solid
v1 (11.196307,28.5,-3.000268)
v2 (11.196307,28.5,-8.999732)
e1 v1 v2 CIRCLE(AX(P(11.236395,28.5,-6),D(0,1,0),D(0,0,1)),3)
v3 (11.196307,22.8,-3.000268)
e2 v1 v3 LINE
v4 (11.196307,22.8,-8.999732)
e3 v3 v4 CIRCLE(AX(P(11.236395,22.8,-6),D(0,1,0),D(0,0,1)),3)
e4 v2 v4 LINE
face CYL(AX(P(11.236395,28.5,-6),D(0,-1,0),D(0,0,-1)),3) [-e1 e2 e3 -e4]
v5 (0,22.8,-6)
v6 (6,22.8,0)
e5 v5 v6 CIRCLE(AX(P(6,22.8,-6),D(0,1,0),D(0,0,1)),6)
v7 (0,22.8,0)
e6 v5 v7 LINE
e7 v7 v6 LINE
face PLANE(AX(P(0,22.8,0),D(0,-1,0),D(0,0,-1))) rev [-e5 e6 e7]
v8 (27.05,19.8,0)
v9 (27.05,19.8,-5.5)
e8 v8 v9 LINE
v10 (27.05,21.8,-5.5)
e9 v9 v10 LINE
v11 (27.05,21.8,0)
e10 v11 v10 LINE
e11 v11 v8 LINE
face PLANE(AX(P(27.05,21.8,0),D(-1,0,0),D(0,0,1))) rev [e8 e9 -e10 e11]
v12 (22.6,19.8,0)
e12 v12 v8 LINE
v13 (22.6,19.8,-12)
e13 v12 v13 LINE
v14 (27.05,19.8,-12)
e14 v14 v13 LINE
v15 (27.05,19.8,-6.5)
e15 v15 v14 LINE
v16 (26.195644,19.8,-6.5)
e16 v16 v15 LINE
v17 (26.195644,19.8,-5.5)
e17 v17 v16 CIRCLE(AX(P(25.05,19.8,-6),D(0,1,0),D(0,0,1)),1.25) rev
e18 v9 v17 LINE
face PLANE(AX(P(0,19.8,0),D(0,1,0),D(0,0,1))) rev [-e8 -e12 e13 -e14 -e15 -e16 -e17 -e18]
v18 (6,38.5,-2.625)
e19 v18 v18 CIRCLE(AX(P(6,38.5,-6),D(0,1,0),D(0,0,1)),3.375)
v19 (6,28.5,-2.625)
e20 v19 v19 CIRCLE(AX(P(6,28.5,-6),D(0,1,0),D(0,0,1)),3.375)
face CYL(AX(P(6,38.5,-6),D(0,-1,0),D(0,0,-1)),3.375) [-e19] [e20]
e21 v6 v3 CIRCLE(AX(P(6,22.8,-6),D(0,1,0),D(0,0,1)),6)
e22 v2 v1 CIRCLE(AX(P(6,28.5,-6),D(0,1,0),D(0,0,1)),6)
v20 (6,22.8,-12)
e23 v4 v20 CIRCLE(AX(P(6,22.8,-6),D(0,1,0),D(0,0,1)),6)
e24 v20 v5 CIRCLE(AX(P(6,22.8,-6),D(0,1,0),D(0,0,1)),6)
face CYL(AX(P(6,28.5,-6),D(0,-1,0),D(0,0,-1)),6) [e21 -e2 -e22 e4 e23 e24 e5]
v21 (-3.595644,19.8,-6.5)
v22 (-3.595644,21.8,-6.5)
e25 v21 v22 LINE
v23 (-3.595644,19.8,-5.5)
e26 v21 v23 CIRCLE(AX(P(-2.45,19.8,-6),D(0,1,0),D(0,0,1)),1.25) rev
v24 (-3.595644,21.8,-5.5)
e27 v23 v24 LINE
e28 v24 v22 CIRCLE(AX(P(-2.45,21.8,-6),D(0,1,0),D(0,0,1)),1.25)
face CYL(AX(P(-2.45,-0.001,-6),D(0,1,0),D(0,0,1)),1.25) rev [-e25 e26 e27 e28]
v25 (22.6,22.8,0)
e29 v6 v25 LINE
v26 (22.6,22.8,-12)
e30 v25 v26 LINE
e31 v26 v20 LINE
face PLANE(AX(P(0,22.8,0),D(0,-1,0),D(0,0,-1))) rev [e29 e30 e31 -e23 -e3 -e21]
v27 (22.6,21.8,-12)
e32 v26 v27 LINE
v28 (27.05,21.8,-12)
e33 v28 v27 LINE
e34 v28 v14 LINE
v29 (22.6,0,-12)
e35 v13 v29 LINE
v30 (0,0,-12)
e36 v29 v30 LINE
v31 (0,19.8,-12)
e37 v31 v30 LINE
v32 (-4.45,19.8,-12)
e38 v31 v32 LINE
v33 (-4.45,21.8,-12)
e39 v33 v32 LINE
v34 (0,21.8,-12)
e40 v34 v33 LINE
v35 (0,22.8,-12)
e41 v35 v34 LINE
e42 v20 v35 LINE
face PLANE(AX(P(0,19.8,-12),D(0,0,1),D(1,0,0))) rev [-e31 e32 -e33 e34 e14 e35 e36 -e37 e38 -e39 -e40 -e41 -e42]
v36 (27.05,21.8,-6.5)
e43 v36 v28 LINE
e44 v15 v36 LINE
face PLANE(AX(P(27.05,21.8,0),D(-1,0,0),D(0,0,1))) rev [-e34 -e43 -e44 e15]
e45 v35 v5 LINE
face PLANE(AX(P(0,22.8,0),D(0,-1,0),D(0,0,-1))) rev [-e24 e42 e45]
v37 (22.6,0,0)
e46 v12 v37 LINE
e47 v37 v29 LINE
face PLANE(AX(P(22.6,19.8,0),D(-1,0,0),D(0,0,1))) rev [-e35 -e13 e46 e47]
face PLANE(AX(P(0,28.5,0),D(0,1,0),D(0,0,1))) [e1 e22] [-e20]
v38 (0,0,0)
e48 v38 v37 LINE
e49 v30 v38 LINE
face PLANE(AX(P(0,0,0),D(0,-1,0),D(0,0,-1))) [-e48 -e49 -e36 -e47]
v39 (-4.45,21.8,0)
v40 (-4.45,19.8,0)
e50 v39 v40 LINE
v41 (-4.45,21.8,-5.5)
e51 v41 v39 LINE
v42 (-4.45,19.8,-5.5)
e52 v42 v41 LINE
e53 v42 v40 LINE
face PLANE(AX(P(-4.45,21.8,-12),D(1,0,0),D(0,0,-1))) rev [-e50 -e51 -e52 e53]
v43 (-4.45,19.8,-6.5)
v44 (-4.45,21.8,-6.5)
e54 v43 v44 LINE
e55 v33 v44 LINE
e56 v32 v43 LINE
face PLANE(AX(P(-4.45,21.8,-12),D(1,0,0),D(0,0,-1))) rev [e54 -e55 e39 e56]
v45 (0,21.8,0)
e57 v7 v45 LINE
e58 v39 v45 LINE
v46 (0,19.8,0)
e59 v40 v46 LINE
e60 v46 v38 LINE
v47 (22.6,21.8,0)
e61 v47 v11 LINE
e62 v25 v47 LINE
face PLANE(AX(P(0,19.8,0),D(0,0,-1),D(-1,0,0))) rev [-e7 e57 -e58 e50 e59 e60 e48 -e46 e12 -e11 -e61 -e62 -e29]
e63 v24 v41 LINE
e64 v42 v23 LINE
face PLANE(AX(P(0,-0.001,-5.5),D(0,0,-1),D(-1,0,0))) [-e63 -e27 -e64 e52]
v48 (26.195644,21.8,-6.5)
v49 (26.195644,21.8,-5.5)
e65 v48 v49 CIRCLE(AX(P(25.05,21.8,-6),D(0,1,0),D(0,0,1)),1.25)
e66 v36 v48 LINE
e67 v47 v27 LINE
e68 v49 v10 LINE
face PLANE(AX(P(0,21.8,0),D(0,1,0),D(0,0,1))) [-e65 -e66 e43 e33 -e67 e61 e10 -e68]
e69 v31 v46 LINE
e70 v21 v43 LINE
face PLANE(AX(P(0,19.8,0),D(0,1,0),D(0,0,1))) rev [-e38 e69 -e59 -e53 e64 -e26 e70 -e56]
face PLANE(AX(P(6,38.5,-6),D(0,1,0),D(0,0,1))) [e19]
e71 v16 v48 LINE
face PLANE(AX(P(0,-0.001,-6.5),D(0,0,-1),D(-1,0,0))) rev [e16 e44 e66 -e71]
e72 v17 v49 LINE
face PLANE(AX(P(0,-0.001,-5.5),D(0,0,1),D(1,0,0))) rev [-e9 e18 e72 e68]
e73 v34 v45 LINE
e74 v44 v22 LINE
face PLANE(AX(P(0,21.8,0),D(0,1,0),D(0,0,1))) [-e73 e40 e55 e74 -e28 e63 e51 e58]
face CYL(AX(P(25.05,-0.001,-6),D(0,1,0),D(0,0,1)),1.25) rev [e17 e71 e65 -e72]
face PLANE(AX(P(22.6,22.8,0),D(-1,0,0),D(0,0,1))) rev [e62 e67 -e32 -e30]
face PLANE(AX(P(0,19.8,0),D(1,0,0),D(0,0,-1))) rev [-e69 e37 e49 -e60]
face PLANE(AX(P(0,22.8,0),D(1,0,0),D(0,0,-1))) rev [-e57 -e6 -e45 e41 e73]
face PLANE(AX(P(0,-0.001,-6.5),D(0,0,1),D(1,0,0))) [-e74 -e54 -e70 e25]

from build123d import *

# Parameters (mm, degrees)
SCHIZZO1_W                   = 22.6
SCHIZZO1_H                   = 12
ESTRUSIONE_ESTRUSIONE1_DEPTH = 19.8
SCHIZZO3_W                   = 31.5
SCHIZZO3_H                   = 12
ESTRUSIONE_ESTRUSIONE2_DEPTH = 2
SCHIZZO4_W                   = 22.6
SCHIZZO4_H                   = 12
ESTRUSIONE_ESTRUSIONE3_DEPTH = 1
SCHIZZO5_R                   = 3
SCHIZZO5_R_2                 = 6
ESTRUSIONE_ESTRUSIONE4_DEPTH = 5.7
SCHIZZO6_R                   = 3.375
ESTRUSIONE_ESTRUSIONE5_DEPTH = 10
TAGLIO_ESTRUSIONE2_REACH     = 38.755


with BuildPart() as part:
    # Schizzo1 → Estrusione-Estrusione1 (new body)
    with BuildSketch(Plane(origin=(0, 0, 0), x_dir=(1, 0, 0), z_dir=(0, 1, 0))):
        with Locations((11.3, 6)):
            Rectangle(SCHIZZO1_W, SCHIZZO1_H)
    extrude(amount=ESTRUSIONE_ESTRUSIONE1_DEPTH)

    # Schizzo3 → Estrusione-Estrusione2 (add)
    with BuildSketch(Plane(origin=(0, 19.8, 0), x_dir=(1, 0, 0), z_dir=(0, 1, 0))):
        with Locations((11.3, 6)):
            Rectangle(SCHIZZO3_W, SCHIZZO3_H)
    extrude(amount=ESTRUSIONE_ESTRUSIONE2_DEPTH)

    # Schizzo4 → Estrusione-Estrusione3 (add)
    with BuildSketch(Plane(origin=(0, 21.8, 0), x_dir=(1, 0, 0), z_dir=(0, 1, 0))):
        with Locations((11.3, 6)):
            Rectangle(SCHIZZO4_W, SCHIZZO4_H)
    extrude(amount=ESTRUSIONE_ESTRUSIONE3_DEPTH)

    # Schizzo5 → Estrusione-Estrusione4 (add)
    with BuildSketch(Plane(origin=(0, 22.8, 0), x_dir=(1, 0, 0), z_dir=(0, 1, 0))):
        with Locations((11.236395356, 6)):
            Circle(SCHIZZO5_R)
        with Locations((6, 6)):
            Circle(SCHIZZO5_R_2)
    extrude(amount=ESTRUSIONE_ESTRUSIONE4_DEPTH)

    # Schizzo6 → Estrusione-Estrusione5 (add)
    with BuildSketch(Plane(origin=(0, 28.5, 0), x_dir=(1, 0, 0), z_dir=(0, 1, 0))):
        with Locations(Location((6, 6, 0), (0, 0, 270))):
            Circle(SCHIZZO6_R)
    extrude(amount=ESTRUSIONE_ESTRUSIONE5_DEPTH)

    # Schizzo7 → Taglio-Estrusione2 (cut, up to next)
    with BuildSketch(Plane(origin=(0, 21.8, 0), x_dir=(1, 0, 0), z_dir=(0, 1, 0)), mode=Mode.PRIVATE) as taglio_estrusione2_sk1:
        with BuildLine():
            Line((-4.45, 5.5), (-3.595643924, 5.5))
            ThreePointArc((-3.595643924, 5.5), (-3.673632891, 5.744612945), (-3.7, 6))
            Line((-3.7, 6), (-4.45, 6))
            Line((-4.45, 6), (-4.45, 5.5))
        make_face()
    taglio_estrusione2_tool1 = extrude(taglio_estrusione2_sk1.sketch, amount=-TAGLIO_ESTRUSIONE2_REACH, mode=Mode.PRIVATE) & part.part
    # Schizzo7 → Taglio-Estrusione2 (cut, up to next)
    with BuildSketch(Plane(origin=(0, 21.8, 0), x_dir=(1, 0, 0), z_dir=(0, 1, 0)), mode=Mode.PRIVATE) as taglio_estrusione2_sk2:
        with BuildLine():
            ThreePointArc((-3.7, 6), (-3.673632891, 6.255387055), (-3.595643924, 6.5))
            Line((-3.595643924, 6.5), (-4.45, 6.5))
            Line((-4.45, 6.5), (-4.45, 6))
            Line((-4.45, 6), (-3.7, 6))
        make_face()
    taglio_estrusione2_tool2 = extrude(taglio_estrusione2_sk2.sketch, amount=-TAGLIO_ESTRUSIONE2_REACH, mode=Mode.PRIVATE) & part.part
    # Schizzo7 → Taglio-Estrusione2 (cut, up to next)
    with BuildSketch(Plane(origin=(0, 21.8, 0), x_dir=(1, 0, 0), z_dir=(0, 1, 0)), mode=Mode.PRIVATE) as taglio_estrusione2_sk3:
        with BuildLine():
            ThreePointArc((-3.595643924, 5.5), (-2.194612945, 4.776367109), (-1.2, 6))
            Line((-1.2, 6), (-2.449082486, 6))
            Line((-2.449082486, 6), (-2.449082486, 5.5))
            Line((-2.449082486, 5.5), (-3.595643924, 5.5))
        make_face()
    taglio_estrusione2_tool3 = extrude(taglio_estrusione2_sk3.sketch, amount=-TAGLIO_ESTRUSIONE2_REACH, mode=Mode.PRIVATE) & part.part
    # Schizzo7 → Taglio-Estrusione2 (cut, up to next)
    with BuildSketch(Plane(origin=(0, 21.8, 0), x_dir=(1, 0, 0), z_dir=(0, 1, 0)), mode=Mode.PRIVATE) as taglio_estrusione2_sk4:
        with BuildLine():
            Line((-2.449082486, 5.5), (-2.449082486, 6))
            Line((-2.449082486, 6), (-3.7, 6))
            ThreePointArc((-3.7, 6), (-3.673632891, 5.744612945), (-3.595643924, 5.5))
            Line((-3.595643924, 5.5), (-2.449082486, 5.5))
        make_face()
    taglio_estrusione2_tool4 = extrude(taglio_estrusione2_sk4.sketch, amount=-TAGLIO_ESTRUSIONE2_REACH, mode=Mode.PRIVATE) & part.part
    # Schizzo7 → Taglio-Estrusione2 (cut, up to next)
    with BuildSketch(Plane(origin=(0, 21.8, 0), x_dir=(1, 0, 0), z_dir=(0, 1, 0)), mode=Mode.PRIVATE) as taglio_estrusione2_sk5:
        with BuildLine():
            Line((-2.449082486, 6), (-1.2, 6))
            ThreePointArc((-1.2, 6), (-2.194612945, 7.223632891), (-3.595643924, 6.5))
            Line((-3.595643924, 6.5), (-2.449082486, 6.5))
            Line((-2.449082486, 6.5), (-2.449082486, 6))
        make_face()
    taglio_estrusione2_tool5 = extrude(taglio_estrusione2_sk5.sketch, amount=-TAGLIO_ESTRUSIONE2_REACH, mode=Mode.PRIVATE) & part.part
    # Schizzo7 → Taglio-Estrusione2 (cut, up to next)
    with BuildSketch(Plane(origin=(0, 21.8, 0), x_dir=(1, 0, 0), z_dir=(0, 1, 0)), mode=Mode.PRIVATE) as taglio_estrusione2_sk6:
        with BuildLine():
            Line((-3.7, 6), (-2.449082486, 6))
            Line((-2.449082486, 6), (-2.449082486, 6.5))
            Line((-2.449082486, 6.5), (-3.595643924, 6.5))
            ThreePointArc((-3.595643924, 6.5), (-3.673632891, 6.255387055), (-3.7, 6))
        make_face()
    taglio_estrusione2_tool6 = extrude(taglio_estrusione2_sk6.sketch, amount=-TAGLIO_ESTRUSIONE2_REACH, mode=Mode.PRIVATE) & part.part
    # Schizzo7 → Taglio-Estrusione2 (cut, up to next)
    with BuildSketch(Plane(origin=(0, 21.8, 0), x_dir=(1, 0, 0), z_dir=(0, 1, 0)), mode=Mode.PRIVATE) as taglio_estrusione2_sk7:
        with BuildLine():
            ThreePointArc((-3.595643924, 5.5), (-2.194612945, 4.776367109), (-1.2, 6))
            Line((-1.2, 6), (-2.449082486, 6))
            Line((-2.449082486, 6), (-2.449082486, 5.5))
            Line((-2.449082486, 5.5), (-3.595643924, 5.5))
        make_face()
    taglio_estrusione2_tool7 = extrude(taglio_estrusione2_sk7.sketch, amount=-TAGLIO_ESTRUSIONE2_REACH, mode=Mode.PRIVATE) & part.part
    # Schizzo7 → Taglio-Estrusione2 (cut, up to next)
    with BuildSketch(Plane(origin=(0, 21.8, 0), x_dir=(1, 0, 0), z_dir=(0, 1, 0)), mode=Mode.PRIVATE) as taglio_estrusione2_sk8:
        with BuildLine():
            Line((-2.449082486, 5.5), (-2.449082486, 6))
            Line((-2.449082486, 6), (-3.7, 6))
            ThreePointArc((-3.7, 6), (-3.673632891, 5.744612945), (-3.595643924, 5.5))
            Line((-3.595643924, 5.5), (-2.449082486, 5.5))
        make_face()
    taglio_estrusione2_tool8 = extrude(taglio_estrusione2_sk8.sketch, amount=-TAGLIO_ESTRUSIONE2_REACH, mode=Mode.PRIVATE) & part.part
    # Schizzo7 → Taglio-Estrusione2 (cut, up to next)
    with BuildSketch(Plane(origin=(0, 21.8, 0), x_dir=(1, 0, 0), z_dir=(0, 1, 0)), mode=Mode.PRIVATE) as taglio_estrusione2_sk9:
        with BuildLine():
            Line((-2.449082486, 6), (-1.2, 6))
            ThreePointArc((-1.2, 6), (-2.194612945, 7.223632891), (-3.595643924, 6.5))
            Line((-3.595643924, 6.5), (-2.449082486, 6.5))
            Line((-2.449082486, 6.5), (-2.449082486, 6))
        make_face()
    taglio_estrusione2_tool9 = extrude(taglio_estrusione2_sk9.sketch, amount=-TAGLIO_ESTRUSIONE2_REACH, mode=Mode.PRIVATE) & part.part
    # Schizzo7 → Taglio-Estrusione2 (cut, up to next)
    with BuildSketch(Plane(origin=(0, 21.8, 0), x_dir=(1, 0, 0), z_dir=(0, 1, 0)), mode=Mode.PRIVATE) as taglio_estrusione2_sk10:
        with BuildLine():
            Line((-3.7, 6), (-2.449082486, 6))
            Line((-2.449082486, 6), (-2.449082486, 6.5))
            Line((-2.449082486, 6.5), (-3.595643924, 6.5))
            ThreePointArc((-3.595643924, 6.5), (-3.673632891, 6.255387055), (-3.7, 6))
        make_face()
    taglio_estrusione2_tool10 = extrude(taglio_estrusione2_sk10.sketch, amount=-TAGLIO_ESTRUSIONE2_REACH, mode=Mode.PRIVATE) & part.part
    # Schizzo7 → Taglio-Estrusione2 (cut, up to next)
    with BuildSketch(Plane(origin=(0, 21.8, 0), x_dir=(1, 0, 0), z_dir=(0, 1, 0)), mode=Mode.PRIVATE) as taglio_estrusione2_sk11:
        with BuildLine():
            ThreePointArc((26.195643924, 5.5), (26.273632891, 5.744612945), (26.3, 6))
            Line((26.3, 6), (25.047557224, 6))
            Line((25.047557224, 6), (25.047557224, 5.5))
            Line((25.047557224, 5.5), (26.195643924, 5.5))
        make_face()
    taglio_estrusione2_tool11 = extrude(taglio_estrusione2_sk11.sketch, amount=-TAGLIO_ESTRUSIONE2_REACH, mode=Mode.PRIVATE) & part.part
    # Schizzo7 → Taglio-Estrusione2 (cut, up to next)
    with BuildSketch(Plane(origin=(0, 21.8, 0), x_dir=(1, 0, 0), z_dir=(0, 1, 0)), mode=Mode.PRIVATE) as taglio_estrusione2_sk12:
        with BuildLine():
            Line((25.047557224, 5.5), (25.047557224, 6))
            Line((25.047557224, 6), (23.8, 6))
            ThreePointArc((23.8, 6), (24.794612945, 4.776367109), (26.195643924, 5.5))
            Line((26.195643924, 5.5), (25.047557224, 5.5))
        make_face()
    taglio_estrusione2_tool12 = extrude(taglio_estrusione2_sk12.sketch, amount=-TAGLIO_ESTRUSIONE2_REACH, mode=Mode.PRIVATE) & part.part
    # Schizzo7 → Taglio-Estrusione2 (cut, up to next)
    with BuildSketch(Plane(origin=(0, 21.8, 0), x_dir=(1, 0, 0), z_dir=(0, 1, 0)), mode=Mode.PRIVATE) as taglio_estrusione2_sk13:
        with BuildLine():
            ThreePointArc((26.195643924, 5.5), (26.273632891, 5.744612945), (26.3, 6))
            Line((26.3, 6), (25.047557224, 6))
            Line((25.047557224, 6), (25.047557224, 5.5))
            Line((25.047557224, 5.5), (26.195643924, 5.5))
        make_face()
    taglio_estrusione2_tool13 = extrude(taglio_estrusione2_sk13.sketch, amount=-TAGLIO_ESTRUSIONE2_REACH, mode=Mode.PRIVATE) & part.part
    # Schizzo7 → Taglio-Estrusione2 (cut, up to next)
    with BuildSketch(Plane(origin=(0, 21.8, 0), x_dir=(1, 0, 0), z_dir=(0, 1, 0)), mode=Mode.PRIVATE) as taglio_estrusione2_sk14:
        with BuildLine():
            Line((25.047557224, 5.5), (25.047557224, 6))
            Line((25.047557224, 6), (23.8, 6))
            ThreePointArc((23.8, 6), (24.794612945, 4.776367109), (26.195643924, 5.5))
            Line((26.195643924, 5.5), (25.047557224, 5.5))
        make_face()
    taglio_estrusione2_tool14 = extrude(taglio_estrusione2_sk14.sketch, amount=-TAGLIO_ESTRUSIONE2_REACH, mode=Mode.PRIVATE) & part.part
    # Schizzo7 → Taglio-Estrusione2 (cut, up to next)
    with BuildSketch(Plane(origin=(0, 21.8, 0), x_dir=(1, 0, 0), z_dir=(0, 1, 0)), mode=Mode.PRIVATE) as taglio_estrusione2_sk15:
        with BuildLine():
            Line((25.047557224, 6), (26.3, 6))
            ThreePointArc((26.3, 6), (26.273632891, 6.255387055), (26.195643924, 6.5))
            Line((26.195643924, 6.5), (25.047557224, 6.5))
            Line((25.047557224, 6.5), (25.047557224, 6))
        make_face()
    taglio_estrusione2_tool15 = extrude(taglio_estrusione2_sk15.sketch, amount=-TAGLIO_ESTRUSIONE2_REACH, mode=Mode.PRIVATE) & part.part
    # Schizzo7 → Taglio-Estrusione2 (cut, up to next)
    with BuildSketch(Plane(origin=(0, 21.8, 0), x_dir=(1, 0, 0), z_dir=(0, 1, 0)), mode=Mode.PRIVATE) as taglio_estrusione2_sk16:
        with BuildLine():
            Line((23.8, 6), (25.047557224, 6))
            Line((25.047557224, 6), (25.047557224, 6.5))
            Line((25.047557224, 6.5), (26.195643924, 6.5))
            ThreePointArc((26.195643924, 6.5), (24.794612945, 7.223632891), (23.8, 6))
        make_face()
    taglio_estrusione2_tool16 = extrude(taglio_estrusione2_sk16.sketch, amount=-TAGLIO_ESTRUSIONE2_REACH, mode=Mode.PRIVATE) & part.part
    # Schizzo7 → Taglio-Estrusione2 (cut, up to next)
    with BuildSketch(Plane(origin=(0, 21.8, 0), x_dir=(1, 0, 0), z_dir=(0, 1, 0)), mode=Mode.PRIVATE) as taglio_estrusione2_sk17:
        with BuildLine():
            Line((25.047557224, 6), (26.3, 6))
            ThreePointArc((26.3, 6), (26.273632891, 6.255387055), (26.195643924, 6.5))
            Line((26.195643924, 6.5), (25.047557224, 6.5))
            Line((25.047557224, 6.5), (25.047557224, 6))
        make_face()
    taglio_estrusione2_tool17 = extrude(taglio_estrusione2_sk17.sketch, amount=-TAGLIO_ESTRUSIONE2_REACH, mode=Mode.PRIVATE) & part.part
    # Schizzo7 → Taglio-Estrusione2 (cut, up to next)
    with BuildSketch(Plane(origin=(0, 21.8, 0), x_dir=(1, 0, 0), z_dir=(0, 1, 0)), mode=Mode.PRIVATE) as taglio_estrusione2_sk18:
        with BuildLine():
            Line((23.8, 6), (25.047557224, 6))
            Line((25.047557224, 6), (25.047557224, 6.5))
            Line((25.047557224, 6.5), (26.195643924, 6.5))
            ThreePointArc((26.195643924, 6.5), (24.794612945, 7.223632891), (23.8, 6))
        make_face()
    taglio_estrusione2_tool18 = extrude(taglio_estrusione2_sk18.sketch, amount=-TAGLIO_ESTRUSIONE2_REACH, mode=Mode.PRIVATE) & part.part
    # Schizzo7 → Taglio-Estrusione2 (cut, up to next)
    with BuildSketch(Plane(origin=(0, 21.8, 0), x_dir=(1, 0, 0), z_dir=(0, 1, 0)), mode=Mode.PRIVATE) as taglio_estrusione2_sk19:
        with BuildLine():
            Line((26.3, 6), (27.05, 6))
            Line((27.05, 6), (27.05, 6.5))
            Line((27.05, 6.5), (26.195643924, 6.5))
            ThreePointArc((26.195643924, 6.5), (26.273632891, 6.255387055), (26.3, 6))
        make_face()
    taglio_estrusione2_tool19 = extrude(taglio_estrusione2_sk19.sketch, amount=-TAGLIO_ESTRUSIONE2_REACH, mode=Mode.PRIVATE) & part.part
    # Schizzo7 → Taglio-Estrusione2 (cut, up to next)
    with BuildSketch(Plane(origin=(0, 21.8, 0), x_dir=(1, 0, 0), z_dir=(0, 1, 0)), mode=Mode.PRIVATE) as taglio_estrusione2_sk20:
        with BuildLine():
            Line((27.05, 5.5), (27.05, 6))
            Line((27.05, 6), (26.3, 6))
            ThreePointArc((26.3, 6), (26.273632891, 5.744612945), (26.195643924, 5.5))
            Line((26.195643924, 5.5), (27.05, 5.5))
        make_face()
    taglio_estrusione2_tool20 = extrude(taglio_estrusione2_sk20.sketch, amount=-TAGLIO_ESTRUSIONE2_REACH, mode=Mode.PRIVATE) & part.part
    add(taglio_estrusione2_tool1.solids().sort_by_distance((-4.057299, 21.8, -5.744505))[0], mode=Mode.SUBTRACT)
    add(taglio_estrusione2_tool2.solids().sort_by_distance((-4.057299, 21.8, -6.255495))[0], mode=Mode.SUBTRACT)
    add(taglio_estrusione2_tool3.solids().sort_by_distance((-2.24968, 21.8, -5.375869))[0], mode=Mode.SUBTRACT)
    add(taglio_estrusione2_tool4.solids().sort_by_distance((-3.057842, 21.8, -5.753542))[0], mode=Mode.SUBTRACT)
    add(taglio_estrusione2_tool5.solids().sort_by_distance((-2.24968, 21.8, -6.624131))[0], mode=Mode.SUBTRACT)
    add(taglio_estrusione2_tool6.solids().sort_by_distance((-3.057842, 21.8, -6.246458))[0], mode=Mode.SUBTRACT)
    add(taglio_estrusione2_tool7.solids().sort_by_distance((-2.24968, 21.8, -5.375869))[0], mode=Mode.SUBTRACT)
    add(taglio_estrusione2_tool8.solids().sort_by_distance((-3.057842, 21.8, -5.753542))[0], mode=Mode.SUBTRACT)
    add(taglio_estrusione2_tool9.solids().sort_by_distance((-2.24968, 21.8, -6.624131))[0], mode=Mode.SUBTRACT)
    add(taglio_estrusione2_tool10.solids().sort_by_distance((-3.057842, 21.8, -6.246458))[0], mode=Mode.SUBTRACT)
    add(taglio_estrusione2_tool11.solids().sort_by_distance((25.657079, 21.8, -5.753537))[0], mode=Mode.SUBTRACT)
    add(taglio_estrusione2_tool12.solids().sort_by_distance((24.849598, 21.8, -5.375715))[0], mode=Mode.SUBTRACT)
    add(taglio_estrusione2_tool13.solids().sort_by_distance((25.657079, 21.8, -5.753537))[0], mode=Mode.SUBTRACT)
    add(taglio_estrusione2_tool14.solids().sort_by_distance((24.849598, 21.8, -5.375715))[0], mode=Mode.SUBTRACT)
    add(taglio_estrusione2_tool15.solids().sort_by_distance((25.657079, 21.8, -6.246463))[0], mode=Mode.SUBTRACT)
    add(taglio_estrusione2_tool16.solids().sort_by_distance((24.849598, 21.8, -6.624285))[0], mode=Mode.SUBTRACT)
    add(taglio_estrusione2_tool17.solids().sort_by_distance((25.657079, 21.8, -6.246463))[0], mode=Mode.SUBTRACT)
    add(taglio_estrusione2_tool18.solids().sort_by_distance((24.849598, 21.8, -6.624285))[0], mode=Mode.SUBTRACT)
    add(taglio_estrusione2_tool19.solids().sort_by_distance((26.657299, 21.8, -6.255495))[0], mode=Mode.SUBTRACT)
    add(taglio_estrusione2_tool20.solids().sort_by_distance((26.657299, 21.8, -5.744505))[0], mode=Mode.SUBTRACT)


solid = part.part
